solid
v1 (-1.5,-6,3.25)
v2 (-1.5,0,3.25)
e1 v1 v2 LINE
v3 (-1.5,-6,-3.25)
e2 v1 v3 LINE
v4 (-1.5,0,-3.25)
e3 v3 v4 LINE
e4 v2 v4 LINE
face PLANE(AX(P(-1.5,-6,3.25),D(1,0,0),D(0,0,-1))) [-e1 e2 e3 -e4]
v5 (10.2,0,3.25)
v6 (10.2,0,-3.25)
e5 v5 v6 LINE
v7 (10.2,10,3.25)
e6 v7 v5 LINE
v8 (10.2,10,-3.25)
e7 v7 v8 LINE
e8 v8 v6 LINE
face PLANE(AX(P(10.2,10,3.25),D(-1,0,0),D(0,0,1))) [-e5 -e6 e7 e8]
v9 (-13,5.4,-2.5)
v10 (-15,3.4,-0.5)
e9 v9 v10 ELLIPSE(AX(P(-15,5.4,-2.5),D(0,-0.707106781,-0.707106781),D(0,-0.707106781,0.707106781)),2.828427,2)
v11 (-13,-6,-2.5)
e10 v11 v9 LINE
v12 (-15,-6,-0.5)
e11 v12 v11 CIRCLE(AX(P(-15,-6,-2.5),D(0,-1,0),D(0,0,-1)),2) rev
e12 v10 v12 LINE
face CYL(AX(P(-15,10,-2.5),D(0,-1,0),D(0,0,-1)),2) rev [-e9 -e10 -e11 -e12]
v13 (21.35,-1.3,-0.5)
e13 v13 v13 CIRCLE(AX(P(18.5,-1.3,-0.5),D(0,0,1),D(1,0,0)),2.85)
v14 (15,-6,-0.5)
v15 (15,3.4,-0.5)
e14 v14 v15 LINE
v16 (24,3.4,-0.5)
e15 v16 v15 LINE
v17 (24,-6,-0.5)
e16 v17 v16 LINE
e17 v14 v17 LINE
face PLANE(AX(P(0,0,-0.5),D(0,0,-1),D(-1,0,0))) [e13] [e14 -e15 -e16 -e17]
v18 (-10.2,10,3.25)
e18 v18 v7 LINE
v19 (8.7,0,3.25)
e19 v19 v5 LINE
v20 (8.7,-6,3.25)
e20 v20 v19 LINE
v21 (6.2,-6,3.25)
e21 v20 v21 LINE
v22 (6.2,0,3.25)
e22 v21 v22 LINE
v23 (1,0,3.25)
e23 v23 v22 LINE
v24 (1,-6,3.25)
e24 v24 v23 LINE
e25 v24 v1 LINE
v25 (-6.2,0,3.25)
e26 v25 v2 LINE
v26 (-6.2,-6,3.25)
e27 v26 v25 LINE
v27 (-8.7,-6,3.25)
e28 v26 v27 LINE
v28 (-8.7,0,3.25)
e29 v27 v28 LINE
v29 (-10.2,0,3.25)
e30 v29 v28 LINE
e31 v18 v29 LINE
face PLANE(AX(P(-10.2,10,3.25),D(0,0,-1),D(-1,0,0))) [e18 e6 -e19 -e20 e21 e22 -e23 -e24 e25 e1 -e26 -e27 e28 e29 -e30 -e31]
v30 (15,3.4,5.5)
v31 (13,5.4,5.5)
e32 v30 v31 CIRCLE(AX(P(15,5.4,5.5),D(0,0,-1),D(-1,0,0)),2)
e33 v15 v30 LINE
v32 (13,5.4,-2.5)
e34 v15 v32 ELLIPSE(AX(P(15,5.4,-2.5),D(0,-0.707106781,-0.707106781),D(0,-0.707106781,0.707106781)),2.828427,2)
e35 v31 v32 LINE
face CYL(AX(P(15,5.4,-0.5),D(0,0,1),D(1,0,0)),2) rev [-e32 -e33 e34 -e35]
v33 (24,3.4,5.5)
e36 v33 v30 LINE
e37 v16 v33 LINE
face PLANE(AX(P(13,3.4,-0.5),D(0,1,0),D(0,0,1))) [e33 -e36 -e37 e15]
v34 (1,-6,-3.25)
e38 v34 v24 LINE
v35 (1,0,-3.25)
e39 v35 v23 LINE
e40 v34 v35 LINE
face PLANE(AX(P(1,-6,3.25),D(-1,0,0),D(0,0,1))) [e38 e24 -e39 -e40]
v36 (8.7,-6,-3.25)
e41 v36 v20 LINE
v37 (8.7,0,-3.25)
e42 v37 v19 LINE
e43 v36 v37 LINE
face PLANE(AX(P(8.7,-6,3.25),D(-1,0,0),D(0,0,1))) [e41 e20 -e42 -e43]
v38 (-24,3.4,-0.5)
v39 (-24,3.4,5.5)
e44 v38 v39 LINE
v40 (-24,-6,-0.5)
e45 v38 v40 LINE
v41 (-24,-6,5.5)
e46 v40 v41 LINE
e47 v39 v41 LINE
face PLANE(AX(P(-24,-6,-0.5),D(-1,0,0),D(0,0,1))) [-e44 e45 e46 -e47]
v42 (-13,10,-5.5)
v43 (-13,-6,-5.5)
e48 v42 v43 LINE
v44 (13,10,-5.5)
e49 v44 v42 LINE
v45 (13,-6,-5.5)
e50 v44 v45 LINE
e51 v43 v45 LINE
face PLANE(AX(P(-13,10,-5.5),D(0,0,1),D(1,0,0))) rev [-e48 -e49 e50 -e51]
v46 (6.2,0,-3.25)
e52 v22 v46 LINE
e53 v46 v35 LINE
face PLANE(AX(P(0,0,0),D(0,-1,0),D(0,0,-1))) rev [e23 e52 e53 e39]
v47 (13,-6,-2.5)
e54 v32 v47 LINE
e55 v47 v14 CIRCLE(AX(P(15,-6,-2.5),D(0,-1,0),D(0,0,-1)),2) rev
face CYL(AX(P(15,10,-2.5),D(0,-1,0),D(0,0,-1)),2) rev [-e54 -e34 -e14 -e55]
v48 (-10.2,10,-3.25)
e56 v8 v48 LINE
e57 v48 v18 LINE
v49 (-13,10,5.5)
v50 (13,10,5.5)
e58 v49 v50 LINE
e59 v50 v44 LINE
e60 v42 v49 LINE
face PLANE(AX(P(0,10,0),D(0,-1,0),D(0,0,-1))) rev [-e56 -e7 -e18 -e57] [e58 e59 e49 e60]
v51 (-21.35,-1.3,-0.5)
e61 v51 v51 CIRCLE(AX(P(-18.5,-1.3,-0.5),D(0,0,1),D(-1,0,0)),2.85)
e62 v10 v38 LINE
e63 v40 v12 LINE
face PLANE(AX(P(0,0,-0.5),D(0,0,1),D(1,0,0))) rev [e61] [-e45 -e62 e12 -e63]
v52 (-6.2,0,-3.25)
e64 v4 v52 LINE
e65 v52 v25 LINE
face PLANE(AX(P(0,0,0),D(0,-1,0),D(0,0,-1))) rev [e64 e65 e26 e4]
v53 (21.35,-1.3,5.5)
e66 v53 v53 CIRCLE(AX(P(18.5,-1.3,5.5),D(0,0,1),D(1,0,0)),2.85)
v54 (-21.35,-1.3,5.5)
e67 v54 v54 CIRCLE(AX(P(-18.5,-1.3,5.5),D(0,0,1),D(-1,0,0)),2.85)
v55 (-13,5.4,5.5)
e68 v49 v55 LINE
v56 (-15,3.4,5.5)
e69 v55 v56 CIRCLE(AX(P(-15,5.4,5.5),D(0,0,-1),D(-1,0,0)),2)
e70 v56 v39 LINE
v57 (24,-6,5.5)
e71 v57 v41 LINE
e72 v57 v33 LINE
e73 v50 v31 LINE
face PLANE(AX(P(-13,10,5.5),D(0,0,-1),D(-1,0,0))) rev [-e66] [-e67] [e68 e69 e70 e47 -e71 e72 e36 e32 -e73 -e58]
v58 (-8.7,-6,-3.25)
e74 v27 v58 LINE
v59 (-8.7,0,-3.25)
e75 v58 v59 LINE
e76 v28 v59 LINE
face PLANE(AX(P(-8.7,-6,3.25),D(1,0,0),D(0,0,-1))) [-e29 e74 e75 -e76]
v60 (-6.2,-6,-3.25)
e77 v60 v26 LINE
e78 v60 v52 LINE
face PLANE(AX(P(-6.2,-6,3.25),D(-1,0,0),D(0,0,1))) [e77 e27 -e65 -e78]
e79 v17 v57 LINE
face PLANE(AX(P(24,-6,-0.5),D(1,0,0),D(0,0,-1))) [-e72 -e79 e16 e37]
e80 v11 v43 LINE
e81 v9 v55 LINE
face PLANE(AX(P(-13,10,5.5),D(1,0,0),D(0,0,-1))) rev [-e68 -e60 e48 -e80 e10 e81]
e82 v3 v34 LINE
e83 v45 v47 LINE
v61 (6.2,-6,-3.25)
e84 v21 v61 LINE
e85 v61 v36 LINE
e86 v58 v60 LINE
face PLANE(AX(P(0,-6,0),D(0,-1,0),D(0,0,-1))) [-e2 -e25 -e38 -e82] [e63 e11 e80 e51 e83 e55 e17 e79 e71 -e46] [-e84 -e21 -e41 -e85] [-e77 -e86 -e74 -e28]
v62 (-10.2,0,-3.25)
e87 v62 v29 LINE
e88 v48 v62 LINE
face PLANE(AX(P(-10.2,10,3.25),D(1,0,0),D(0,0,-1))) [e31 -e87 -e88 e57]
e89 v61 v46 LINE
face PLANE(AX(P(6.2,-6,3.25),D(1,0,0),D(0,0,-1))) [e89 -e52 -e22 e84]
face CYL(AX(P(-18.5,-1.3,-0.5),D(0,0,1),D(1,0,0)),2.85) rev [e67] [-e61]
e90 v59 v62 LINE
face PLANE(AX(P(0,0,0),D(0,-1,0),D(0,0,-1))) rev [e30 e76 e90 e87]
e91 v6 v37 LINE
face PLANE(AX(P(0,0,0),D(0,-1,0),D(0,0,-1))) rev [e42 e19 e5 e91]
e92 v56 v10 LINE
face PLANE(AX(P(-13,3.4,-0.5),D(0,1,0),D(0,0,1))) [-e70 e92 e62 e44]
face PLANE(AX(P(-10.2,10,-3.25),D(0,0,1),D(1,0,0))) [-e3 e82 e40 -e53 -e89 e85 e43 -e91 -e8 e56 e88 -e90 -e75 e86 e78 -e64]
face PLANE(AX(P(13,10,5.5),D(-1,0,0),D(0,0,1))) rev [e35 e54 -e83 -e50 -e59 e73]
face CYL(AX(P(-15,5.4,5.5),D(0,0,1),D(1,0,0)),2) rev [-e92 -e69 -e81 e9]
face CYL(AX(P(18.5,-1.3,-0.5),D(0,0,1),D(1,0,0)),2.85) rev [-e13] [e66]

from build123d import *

# Parameters (mm, degrees)
SKETCH2_W           = 26
SKETCH2_H           = 11
SKETCH2_W_2         = 20.4
SKETCH2_H_2         = 6.5
BOSS_EXTRUDE1_DEPTH = 10
SKETCH3_W           = 26
SKETCH3_H           = 11
SKETCH3_W_2         = 2.5
SKETCH3_H_2         = 6.5
BOSS_EXTRUDE2_DEPTH = 6
SKETCH4_W           = 11
SKETCH4_H           = 9.4
SKETCH4_R           = 2.85
BOSS_EXTRUDE3_DEPTH = 6
FILLET1_R           = 2


with BuildPart() as part:
    # Sketch2 → Boss-Extrude1 (new body)
    with BuildSketch(Plane(origin=(0, 0, 0), x_dir=(1, 0, 0), z_dir=(0, 1, 0))):
        Rectangle(SKETCH2_W, SKETCH2_H)
        Rectangle(SKETCH2_W_2, SKETCH2_H_2, mode=Mode.SUBTRACT)
    extrude(amount=BOSS_EXTRUDE1_DEPTH)

    # Sketch3 → Boss-Extrude2 (add)
    with BuildSketch(Plane.XZ):
        Rectangle(SKETCH3_W, SKETCH3_H)
        with Locations((-7.45, 0)):
            Rectangle(SKETCH3_W_2, SKETCH3_H_2, mode=Mode.SUBTRACT)
        with Locations((-0.25, 0)):
            Rectangle(SKETCH3_W_2, SKETCH3_H_2, mode=Mode.SUBTRACT)
        with Locations((7.45, 0)):
            Rectangle(SKETCH3_W_2, SKETCH3_H_2, mode=Mode.SUBTRACT)
    extrude(amount=BOSS_EXTRUDE2_DEPTH)

    # Sketch4 → Boss-Extrude3 (add)
    # profile 1 of 2: a face of its own
    with BuildSketch(Plane.XY.offset(5.5)):
        with Locations((18.5, -1.3)):
            Rectangle(SKETCH4_W, SKETCH4_H)
        with Locations((18.5, -1.3)):
            Circle(SKETCH4_R, mode=Mode.SUBTRACT)
    # profile 2 of 2: a face of its own
    with BuildSketch(Plane.XY.offset(5.5)):
        with Locations((-18.5, -1.3)):
            Rectangle(SKETCH4_W, SKETCH4_H)
        with Locations(Location((-18.5, -1.3, 0), (0, 0, 180))):
            Circle(SKETCH4_R, mode=Mode.SUBTRACT)
    extrude(amount=-BOSS_EXTRUDE3_DEPTH)

    # Fillet1
    fillet1_edges = [part.edges().sort_by_distance(p)[0] for p in [
        (13, -1.3, -0.5),
        (13, 3.4, 2.5),
        (-13, -1.3, -0.5),
        (-13, 3.4, 2.5),
    ]]
    fillet(fillet1_edges, radius=FILLET1_R)


solid = part.part
